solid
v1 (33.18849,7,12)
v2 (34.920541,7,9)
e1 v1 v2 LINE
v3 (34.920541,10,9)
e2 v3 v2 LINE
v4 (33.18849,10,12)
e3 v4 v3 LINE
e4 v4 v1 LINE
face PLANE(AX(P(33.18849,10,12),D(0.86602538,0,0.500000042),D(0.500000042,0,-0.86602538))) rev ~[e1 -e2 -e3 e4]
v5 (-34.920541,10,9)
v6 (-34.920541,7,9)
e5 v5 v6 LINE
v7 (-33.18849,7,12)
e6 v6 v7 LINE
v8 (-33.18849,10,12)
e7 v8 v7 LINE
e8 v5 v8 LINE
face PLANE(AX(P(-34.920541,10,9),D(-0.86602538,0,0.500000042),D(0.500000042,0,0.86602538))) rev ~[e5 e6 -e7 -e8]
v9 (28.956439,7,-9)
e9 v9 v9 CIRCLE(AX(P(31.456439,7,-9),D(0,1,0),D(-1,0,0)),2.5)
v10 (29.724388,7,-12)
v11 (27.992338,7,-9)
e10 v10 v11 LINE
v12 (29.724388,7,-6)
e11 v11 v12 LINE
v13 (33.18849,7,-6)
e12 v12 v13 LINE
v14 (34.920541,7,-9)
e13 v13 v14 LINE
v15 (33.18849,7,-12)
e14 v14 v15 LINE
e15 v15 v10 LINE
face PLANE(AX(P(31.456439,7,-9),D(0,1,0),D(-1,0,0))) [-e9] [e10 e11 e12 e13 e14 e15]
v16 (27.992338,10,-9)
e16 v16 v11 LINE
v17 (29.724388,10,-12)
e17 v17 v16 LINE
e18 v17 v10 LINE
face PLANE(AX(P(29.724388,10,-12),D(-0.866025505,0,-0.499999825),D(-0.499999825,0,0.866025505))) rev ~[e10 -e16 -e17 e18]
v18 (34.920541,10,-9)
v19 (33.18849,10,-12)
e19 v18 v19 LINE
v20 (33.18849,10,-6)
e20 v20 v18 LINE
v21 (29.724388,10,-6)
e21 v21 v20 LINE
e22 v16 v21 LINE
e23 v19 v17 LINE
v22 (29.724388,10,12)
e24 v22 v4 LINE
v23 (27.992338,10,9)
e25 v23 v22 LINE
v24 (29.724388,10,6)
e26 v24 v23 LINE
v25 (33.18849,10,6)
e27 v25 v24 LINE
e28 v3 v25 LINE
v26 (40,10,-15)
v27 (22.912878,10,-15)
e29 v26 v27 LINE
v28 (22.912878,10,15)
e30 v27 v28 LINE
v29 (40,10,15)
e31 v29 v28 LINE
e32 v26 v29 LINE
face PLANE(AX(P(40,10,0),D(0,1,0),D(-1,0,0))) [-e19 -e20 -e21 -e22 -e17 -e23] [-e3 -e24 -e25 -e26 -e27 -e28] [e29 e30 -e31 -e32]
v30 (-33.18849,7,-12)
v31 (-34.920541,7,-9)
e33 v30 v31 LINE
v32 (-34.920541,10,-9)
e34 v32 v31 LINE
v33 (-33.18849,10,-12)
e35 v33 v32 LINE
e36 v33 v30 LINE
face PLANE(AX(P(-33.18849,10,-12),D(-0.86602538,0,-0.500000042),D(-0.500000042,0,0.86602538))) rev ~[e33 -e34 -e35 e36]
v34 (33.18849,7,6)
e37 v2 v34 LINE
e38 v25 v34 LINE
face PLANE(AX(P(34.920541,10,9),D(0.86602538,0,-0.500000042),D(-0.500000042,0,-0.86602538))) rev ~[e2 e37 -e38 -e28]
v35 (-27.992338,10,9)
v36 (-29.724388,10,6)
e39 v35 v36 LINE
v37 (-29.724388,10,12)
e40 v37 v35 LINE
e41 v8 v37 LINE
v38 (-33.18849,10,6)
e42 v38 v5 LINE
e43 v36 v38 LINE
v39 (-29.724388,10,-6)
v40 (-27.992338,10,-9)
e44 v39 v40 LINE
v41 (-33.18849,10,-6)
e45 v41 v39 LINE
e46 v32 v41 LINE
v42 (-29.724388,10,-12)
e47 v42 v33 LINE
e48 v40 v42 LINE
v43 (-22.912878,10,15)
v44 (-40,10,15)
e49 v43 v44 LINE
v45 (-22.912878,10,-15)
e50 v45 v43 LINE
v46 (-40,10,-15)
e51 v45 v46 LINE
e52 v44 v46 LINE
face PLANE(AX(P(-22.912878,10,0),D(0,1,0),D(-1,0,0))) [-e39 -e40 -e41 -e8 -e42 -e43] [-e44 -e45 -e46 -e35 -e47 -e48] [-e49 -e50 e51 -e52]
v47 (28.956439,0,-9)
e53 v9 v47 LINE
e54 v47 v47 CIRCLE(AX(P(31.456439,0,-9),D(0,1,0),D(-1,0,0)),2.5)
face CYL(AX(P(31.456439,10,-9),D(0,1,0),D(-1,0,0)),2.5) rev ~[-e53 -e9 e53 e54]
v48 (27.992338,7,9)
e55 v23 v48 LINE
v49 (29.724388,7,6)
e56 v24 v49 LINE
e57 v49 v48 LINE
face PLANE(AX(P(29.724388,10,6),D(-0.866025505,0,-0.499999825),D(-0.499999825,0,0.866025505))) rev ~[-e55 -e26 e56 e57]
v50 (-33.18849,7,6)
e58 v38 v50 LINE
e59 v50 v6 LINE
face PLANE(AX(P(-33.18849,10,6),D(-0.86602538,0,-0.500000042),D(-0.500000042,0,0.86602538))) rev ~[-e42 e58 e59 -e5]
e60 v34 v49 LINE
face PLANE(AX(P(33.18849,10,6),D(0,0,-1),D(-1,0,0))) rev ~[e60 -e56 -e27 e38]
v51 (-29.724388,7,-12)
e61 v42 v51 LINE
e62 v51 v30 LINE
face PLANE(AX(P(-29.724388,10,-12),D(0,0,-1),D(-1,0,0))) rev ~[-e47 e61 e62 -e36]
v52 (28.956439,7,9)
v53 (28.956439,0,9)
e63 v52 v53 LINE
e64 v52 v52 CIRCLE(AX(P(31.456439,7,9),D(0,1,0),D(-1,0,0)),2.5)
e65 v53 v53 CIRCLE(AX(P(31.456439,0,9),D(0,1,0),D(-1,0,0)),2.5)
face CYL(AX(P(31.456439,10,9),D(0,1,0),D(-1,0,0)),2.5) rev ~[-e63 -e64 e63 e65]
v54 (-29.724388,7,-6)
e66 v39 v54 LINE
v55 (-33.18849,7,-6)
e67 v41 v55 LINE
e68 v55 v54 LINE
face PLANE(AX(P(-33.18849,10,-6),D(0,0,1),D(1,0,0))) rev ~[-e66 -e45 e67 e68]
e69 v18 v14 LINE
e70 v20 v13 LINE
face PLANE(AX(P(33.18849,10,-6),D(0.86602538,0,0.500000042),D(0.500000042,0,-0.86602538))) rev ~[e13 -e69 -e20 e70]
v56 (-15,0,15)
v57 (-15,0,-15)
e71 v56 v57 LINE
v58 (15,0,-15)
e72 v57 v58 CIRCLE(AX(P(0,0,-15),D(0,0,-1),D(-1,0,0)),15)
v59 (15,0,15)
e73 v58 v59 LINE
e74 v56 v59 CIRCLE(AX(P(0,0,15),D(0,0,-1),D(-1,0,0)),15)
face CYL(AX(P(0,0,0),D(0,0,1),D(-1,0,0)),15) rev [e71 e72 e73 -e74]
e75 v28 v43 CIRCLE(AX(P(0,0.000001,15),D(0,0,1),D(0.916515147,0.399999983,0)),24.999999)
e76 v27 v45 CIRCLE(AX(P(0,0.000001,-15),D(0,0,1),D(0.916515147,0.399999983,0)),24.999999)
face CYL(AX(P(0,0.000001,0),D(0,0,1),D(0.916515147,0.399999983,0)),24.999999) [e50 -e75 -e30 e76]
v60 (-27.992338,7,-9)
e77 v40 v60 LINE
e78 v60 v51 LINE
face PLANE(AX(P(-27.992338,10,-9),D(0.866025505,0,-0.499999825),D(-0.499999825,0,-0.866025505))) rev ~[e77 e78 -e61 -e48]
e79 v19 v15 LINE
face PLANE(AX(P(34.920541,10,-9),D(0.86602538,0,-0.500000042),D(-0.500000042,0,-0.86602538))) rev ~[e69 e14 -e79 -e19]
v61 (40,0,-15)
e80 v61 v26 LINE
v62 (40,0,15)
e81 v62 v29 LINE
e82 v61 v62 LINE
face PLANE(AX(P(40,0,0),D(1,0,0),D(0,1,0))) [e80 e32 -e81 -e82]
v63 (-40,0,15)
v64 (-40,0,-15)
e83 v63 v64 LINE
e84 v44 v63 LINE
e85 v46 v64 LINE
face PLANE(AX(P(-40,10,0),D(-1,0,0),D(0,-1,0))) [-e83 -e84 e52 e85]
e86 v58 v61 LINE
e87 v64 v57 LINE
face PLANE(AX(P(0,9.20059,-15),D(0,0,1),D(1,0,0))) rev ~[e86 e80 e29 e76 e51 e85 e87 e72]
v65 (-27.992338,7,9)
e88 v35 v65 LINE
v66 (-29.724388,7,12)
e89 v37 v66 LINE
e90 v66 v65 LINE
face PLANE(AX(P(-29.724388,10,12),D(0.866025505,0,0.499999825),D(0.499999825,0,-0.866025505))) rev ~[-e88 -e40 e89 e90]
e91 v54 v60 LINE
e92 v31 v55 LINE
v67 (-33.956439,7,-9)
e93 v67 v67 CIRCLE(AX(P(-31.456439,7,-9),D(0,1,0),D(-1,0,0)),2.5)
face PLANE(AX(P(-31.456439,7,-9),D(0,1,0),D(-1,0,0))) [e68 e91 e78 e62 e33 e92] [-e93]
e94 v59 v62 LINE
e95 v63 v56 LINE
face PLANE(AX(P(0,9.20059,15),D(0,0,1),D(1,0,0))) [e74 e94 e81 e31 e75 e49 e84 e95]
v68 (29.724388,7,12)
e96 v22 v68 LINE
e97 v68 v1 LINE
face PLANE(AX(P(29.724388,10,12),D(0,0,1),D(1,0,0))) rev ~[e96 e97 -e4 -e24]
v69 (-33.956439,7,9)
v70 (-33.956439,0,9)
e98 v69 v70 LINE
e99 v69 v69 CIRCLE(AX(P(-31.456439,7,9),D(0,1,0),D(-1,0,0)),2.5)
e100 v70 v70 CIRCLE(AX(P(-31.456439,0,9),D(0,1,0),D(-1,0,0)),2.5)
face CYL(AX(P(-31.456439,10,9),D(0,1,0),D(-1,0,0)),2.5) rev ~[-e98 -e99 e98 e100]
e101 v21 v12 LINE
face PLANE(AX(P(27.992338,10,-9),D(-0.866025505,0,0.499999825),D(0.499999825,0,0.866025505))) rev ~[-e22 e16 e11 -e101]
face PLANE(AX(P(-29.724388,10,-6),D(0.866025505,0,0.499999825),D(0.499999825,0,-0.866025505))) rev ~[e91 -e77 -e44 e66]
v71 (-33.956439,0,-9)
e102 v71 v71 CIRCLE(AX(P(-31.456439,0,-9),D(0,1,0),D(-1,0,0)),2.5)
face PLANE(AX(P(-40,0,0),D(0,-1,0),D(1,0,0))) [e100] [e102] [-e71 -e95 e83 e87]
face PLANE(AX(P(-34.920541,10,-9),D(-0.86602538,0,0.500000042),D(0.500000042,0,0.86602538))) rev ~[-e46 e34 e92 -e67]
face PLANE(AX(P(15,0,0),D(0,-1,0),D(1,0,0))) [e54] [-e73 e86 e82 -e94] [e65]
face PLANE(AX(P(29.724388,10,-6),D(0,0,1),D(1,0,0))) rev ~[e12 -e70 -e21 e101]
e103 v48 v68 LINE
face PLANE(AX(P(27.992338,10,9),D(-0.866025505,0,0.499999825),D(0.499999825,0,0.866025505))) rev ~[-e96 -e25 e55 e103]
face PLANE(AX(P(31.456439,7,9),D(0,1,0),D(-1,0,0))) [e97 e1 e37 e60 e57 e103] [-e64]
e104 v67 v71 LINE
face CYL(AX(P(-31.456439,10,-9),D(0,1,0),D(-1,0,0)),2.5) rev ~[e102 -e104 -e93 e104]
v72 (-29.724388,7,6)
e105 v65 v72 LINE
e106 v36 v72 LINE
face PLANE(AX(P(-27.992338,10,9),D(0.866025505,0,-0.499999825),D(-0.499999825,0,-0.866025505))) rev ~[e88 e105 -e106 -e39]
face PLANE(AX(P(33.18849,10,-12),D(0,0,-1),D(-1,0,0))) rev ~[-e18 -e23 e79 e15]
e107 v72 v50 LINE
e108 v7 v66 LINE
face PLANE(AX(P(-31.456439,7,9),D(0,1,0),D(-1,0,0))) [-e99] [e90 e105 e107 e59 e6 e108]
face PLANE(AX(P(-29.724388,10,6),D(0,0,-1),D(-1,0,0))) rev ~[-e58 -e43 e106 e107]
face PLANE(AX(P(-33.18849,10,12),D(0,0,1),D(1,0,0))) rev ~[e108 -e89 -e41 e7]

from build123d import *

# Parameters (mm, degrees)
F1_DEPTH = 15
F2_R     = 2.5
F3_DEPTH = 15
F5_DEPTH = 3


with BuildPart() as f1:
    # F0 (on Top) → F1 (new body, symmetric)
    with BuildSketch(Plane.XY):
        with BuildLine():
            ThreePointArc((-15, 0), (0, 15), (15, 0))
            Line((15, 0), (40, 0))
            Line((40, 0), (40, 10))
            Line((40, 10), (22.912878, 10))
            ThreePointArc((22.912878, 10), (0, 25), (-22.912878, 10))
            Line((-22.912878, 10), (-40, 10))
            Line((-40, 10), (-40, 0))
            Line((-40, 0), (-15, 0))
        make_face()
    extrude(amount=F1_DEPTH, both=True)

    # F2 (on face) → F3 (cut)
    with BuildSketch(Plane(origin=(0, 10, 0), x_dir=(-1, 0, 0), z_dir=(0, 1, 0))):
        with Locations((-31.456439, 9)):
            Circle(F2_R)
        with Locations((-31.456439, -9)):
            Circle(F2_R)
        with Locations((31.456439, -9)):
            Circle(F2_R)
        with Locations((31.456439, 9)):
            Circle(F2_R)
    extrude(amount=-F3_DEPTH, mode=Mode.SUBTRACT)

    # F4 (on face) → F5 (cut)
    with BuildSketch(Plane(origin=(0, 10, 0), x_dir=(-1, 0, 0), z_dir=(0, 1, 0))):
        Polygon((29.724388, 6), (33.18849, 6), (34.920541, 9), (33.18849, 12), (29.724388, 12), (27.992338, 9), align=None)
        Polygon((27.992338, -9), (29.724388, -12), (33.18849, -12), (34.920541, -9), (33.18849, -6), (29.724388, -6), align=None)
        Polygon((-33.18849, -6), (-34.920541, -9), (-33.18849, -12), (-29.724388, -12), (-27.992338, -9), (-29.724388, -6), align=None)
        Polygon((-34.920541, 9), (-33.18849, 6), (-29.724388, 6), (-27.992338, 9), (-29.724388, 12), (-33.18849, 12), align=None)
    extrude(amount=-F5_DEPTH, mode=Mode.SUBTRACT)


solid = f1.part
